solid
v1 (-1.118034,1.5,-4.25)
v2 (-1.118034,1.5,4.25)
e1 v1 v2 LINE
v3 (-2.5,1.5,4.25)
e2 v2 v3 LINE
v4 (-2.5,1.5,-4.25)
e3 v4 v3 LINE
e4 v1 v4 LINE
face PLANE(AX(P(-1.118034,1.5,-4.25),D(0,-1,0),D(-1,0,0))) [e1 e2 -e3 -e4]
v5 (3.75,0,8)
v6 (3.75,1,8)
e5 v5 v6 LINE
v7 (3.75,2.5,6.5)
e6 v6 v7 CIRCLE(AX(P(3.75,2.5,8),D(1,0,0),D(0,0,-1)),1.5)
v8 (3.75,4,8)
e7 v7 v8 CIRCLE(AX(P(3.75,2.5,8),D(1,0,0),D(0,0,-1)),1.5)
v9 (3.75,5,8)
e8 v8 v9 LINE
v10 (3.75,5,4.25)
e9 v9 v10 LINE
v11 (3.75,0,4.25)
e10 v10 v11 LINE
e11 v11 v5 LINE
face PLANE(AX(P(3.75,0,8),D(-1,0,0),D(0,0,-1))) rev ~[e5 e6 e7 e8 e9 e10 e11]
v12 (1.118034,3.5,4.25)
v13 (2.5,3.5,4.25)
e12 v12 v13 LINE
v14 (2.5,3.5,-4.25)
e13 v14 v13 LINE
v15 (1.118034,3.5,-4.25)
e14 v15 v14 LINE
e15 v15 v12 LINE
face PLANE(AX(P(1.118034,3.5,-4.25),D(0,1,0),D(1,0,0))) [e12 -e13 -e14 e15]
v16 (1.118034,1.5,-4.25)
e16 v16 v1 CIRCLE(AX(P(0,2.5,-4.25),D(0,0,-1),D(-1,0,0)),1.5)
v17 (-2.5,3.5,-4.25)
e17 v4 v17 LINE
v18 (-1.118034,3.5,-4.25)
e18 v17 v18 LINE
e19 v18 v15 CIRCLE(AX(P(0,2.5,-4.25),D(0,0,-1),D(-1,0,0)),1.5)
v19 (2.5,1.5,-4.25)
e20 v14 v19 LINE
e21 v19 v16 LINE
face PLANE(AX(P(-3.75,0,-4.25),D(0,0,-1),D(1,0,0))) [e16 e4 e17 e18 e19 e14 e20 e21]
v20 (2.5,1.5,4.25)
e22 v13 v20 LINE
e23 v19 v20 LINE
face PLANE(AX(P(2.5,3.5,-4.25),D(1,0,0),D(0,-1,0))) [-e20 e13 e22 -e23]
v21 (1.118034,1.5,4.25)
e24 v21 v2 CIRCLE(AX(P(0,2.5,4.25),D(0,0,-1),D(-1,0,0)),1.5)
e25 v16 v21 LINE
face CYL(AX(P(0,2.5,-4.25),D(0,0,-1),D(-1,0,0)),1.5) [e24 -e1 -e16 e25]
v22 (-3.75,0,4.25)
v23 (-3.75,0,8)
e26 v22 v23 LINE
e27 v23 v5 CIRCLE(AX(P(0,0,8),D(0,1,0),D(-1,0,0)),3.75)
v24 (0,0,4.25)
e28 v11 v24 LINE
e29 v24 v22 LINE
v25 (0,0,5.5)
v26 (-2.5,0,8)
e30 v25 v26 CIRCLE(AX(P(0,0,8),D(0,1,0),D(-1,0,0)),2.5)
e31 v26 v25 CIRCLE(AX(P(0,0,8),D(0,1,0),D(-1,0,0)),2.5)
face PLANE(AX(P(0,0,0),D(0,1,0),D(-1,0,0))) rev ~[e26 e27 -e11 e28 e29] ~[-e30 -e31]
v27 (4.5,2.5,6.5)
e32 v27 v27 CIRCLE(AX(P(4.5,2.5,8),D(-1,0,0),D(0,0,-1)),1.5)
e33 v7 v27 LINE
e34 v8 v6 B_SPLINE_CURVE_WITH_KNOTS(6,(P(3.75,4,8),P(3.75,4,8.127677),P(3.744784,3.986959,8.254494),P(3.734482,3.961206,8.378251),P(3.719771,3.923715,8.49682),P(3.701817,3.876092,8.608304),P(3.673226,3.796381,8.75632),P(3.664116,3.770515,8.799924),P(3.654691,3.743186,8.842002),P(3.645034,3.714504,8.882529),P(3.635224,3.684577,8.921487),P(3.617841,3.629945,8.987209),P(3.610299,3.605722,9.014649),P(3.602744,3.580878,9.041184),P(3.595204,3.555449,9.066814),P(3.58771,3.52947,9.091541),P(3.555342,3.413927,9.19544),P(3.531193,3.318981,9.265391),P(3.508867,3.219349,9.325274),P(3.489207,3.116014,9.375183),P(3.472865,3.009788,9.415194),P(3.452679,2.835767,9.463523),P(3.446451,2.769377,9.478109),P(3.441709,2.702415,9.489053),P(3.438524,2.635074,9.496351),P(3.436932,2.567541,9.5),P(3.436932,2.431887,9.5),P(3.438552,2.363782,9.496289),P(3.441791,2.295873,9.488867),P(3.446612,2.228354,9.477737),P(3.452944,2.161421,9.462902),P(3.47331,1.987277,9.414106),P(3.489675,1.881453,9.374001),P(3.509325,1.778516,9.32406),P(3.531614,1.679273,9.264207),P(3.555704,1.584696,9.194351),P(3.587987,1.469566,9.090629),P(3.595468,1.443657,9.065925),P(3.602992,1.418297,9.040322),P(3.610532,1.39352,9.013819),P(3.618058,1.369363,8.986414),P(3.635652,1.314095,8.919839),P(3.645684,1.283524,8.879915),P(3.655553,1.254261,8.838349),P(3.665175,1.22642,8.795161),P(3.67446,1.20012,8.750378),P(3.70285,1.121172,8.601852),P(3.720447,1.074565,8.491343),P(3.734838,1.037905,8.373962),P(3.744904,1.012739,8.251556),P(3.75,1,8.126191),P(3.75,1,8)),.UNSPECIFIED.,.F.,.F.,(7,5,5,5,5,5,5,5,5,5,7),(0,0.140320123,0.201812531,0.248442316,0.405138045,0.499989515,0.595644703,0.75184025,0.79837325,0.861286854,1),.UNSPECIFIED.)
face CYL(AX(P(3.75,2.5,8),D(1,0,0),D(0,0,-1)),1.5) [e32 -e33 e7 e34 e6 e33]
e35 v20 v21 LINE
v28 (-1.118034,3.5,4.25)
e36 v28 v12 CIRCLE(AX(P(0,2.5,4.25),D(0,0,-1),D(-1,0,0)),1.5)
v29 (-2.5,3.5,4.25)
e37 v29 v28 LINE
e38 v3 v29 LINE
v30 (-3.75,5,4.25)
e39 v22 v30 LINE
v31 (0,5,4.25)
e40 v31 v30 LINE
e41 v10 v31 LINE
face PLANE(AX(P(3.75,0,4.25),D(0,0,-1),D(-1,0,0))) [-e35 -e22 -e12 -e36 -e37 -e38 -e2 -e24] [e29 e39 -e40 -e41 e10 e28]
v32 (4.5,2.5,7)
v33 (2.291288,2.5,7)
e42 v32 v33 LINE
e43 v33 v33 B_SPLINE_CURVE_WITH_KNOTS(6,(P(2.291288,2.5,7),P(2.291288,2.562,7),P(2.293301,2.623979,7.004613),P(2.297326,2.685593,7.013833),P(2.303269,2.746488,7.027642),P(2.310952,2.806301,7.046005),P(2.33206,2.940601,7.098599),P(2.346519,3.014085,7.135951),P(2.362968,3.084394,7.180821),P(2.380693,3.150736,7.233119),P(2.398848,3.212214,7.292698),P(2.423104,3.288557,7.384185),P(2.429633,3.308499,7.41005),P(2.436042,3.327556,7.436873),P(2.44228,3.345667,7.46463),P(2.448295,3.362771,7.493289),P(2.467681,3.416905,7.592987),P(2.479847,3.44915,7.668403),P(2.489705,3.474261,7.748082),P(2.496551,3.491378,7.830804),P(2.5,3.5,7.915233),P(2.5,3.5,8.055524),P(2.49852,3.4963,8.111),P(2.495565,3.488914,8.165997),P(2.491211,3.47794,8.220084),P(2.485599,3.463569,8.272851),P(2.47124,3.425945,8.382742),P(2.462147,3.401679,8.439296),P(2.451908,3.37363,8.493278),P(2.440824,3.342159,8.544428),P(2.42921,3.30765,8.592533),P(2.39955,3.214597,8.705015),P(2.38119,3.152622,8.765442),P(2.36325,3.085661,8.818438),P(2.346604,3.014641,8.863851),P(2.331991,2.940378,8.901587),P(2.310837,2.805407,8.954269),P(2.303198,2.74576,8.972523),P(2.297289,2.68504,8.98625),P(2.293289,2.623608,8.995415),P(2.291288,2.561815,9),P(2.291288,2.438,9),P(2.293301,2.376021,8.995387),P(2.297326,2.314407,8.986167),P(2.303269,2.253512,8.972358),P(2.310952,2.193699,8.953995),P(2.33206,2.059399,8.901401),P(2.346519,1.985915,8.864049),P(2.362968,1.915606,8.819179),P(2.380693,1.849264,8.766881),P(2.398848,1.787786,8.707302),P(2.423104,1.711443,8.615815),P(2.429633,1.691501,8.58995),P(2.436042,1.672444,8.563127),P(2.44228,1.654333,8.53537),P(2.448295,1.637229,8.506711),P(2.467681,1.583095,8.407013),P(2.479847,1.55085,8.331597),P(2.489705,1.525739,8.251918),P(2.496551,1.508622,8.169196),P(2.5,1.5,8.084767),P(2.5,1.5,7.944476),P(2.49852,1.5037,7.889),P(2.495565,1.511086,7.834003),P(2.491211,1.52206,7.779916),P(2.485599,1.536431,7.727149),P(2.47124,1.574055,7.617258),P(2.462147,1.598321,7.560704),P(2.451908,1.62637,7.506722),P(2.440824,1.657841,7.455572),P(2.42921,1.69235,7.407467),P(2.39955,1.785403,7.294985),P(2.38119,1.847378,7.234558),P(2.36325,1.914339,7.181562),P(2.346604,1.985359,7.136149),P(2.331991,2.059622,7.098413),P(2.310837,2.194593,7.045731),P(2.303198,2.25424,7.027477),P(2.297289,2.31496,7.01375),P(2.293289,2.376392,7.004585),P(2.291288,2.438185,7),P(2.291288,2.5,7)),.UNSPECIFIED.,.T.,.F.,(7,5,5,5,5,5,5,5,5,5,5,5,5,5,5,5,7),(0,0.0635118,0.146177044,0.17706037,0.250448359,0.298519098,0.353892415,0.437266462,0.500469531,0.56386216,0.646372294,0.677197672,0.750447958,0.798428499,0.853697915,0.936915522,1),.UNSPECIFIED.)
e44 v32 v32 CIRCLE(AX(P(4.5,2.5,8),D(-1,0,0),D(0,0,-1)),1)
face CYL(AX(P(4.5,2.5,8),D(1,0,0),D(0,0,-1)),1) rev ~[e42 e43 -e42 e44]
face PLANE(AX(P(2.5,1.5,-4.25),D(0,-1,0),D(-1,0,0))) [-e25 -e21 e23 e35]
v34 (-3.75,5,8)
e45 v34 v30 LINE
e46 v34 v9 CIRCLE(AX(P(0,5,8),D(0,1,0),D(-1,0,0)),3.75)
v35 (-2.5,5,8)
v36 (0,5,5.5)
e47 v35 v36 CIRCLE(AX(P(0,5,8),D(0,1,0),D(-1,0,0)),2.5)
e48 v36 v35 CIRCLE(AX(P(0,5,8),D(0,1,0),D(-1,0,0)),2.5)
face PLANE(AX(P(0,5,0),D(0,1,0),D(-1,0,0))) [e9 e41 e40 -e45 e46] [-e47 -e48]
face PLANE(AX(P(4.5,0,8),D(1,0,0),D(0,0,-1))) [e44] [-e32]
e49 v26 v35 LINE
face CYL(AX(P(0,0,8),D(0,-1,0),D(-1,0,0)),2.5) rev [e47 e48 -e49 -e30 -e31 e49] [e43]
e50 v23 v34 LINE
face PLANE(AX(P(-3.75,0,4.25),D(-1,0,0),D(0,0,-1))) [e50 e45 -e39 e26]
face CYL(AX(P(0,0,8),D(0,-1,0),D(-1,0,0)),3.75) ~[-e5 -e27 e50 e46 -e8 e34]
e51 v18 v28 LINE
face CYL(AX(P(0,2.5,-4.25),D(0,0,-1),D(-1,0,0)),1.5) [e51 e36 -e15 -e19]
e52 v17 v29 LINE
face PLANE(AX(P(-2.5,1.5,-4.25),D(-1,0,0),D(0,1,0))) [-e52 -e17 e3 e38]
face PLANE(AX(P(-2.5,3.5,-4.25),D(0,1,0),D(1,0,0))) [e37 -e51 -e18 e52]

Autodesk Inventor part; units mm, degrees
ref_plane "YZ Plane" through (0, 0, 0) normal (1, 0, 0) x (0, 1, 0)
ref_plane "XZ Plane" through (0, 0, 0) normal (0, 1, 0) x (-1, 0, 0)
ref_plane "XY Plane" through (0, 0, 0) normal (0, 0, 1) x (1, 0, 0)
sketch "Sketch1" plane through (0, 0, 0) normal (0, 1, 0) x (-1, 0, 0)
  line L0 (0, 0) -> (0, -8)
  circle A0 centre (0, -8) radius 3
  line L1 (0, 0) -> (0, 8)
  circle A1 centre (0, 8) radius 2.5
  circle A2 centre (0, 8) radius 3.75
  circle A3 centre (0, -8) radius 3.75
  line L2 (3.75, 8) -> (3.75, -8)
  line L3 (-3.75, 8) -> (-3.75, -8)
  line L4 (3.75, 4.25) -> (-3.75, 4.25)
  line L5 (3.75, -4.25) -> (-3.75, -4.25)
  point P0 (-2.6582, -4.25)
  dimension "d0" = 8
  dimension "d1" = 6
  dimension "d2" = 8
  dimension "d3" = 5
  dimension "d4" = 7.5
  dimension "d5" = 7.5
  dimension "d6" = 8.5
extrude "Extrusion1" add sketch "Sketch1" along normal blind 5 contours L1 L4 L2 L5 L0 | L0 L5 L3 L4 L1 | L4 L3 A2 | A2 | A2 L2 L4
sketch "Sketch2" plane through (3.75, 0, -4.25) normal (0, 0, -1) x (-1, 0, 0)
  line L0 (0, 5) -> (7.5, 5) projected
  line L1 (0, 0) -> (7.5, 0)
  line L2 (7.5, 0) -> (7.5, 5)
  line L3 (7.5, 5) -> (0, 5)
  line L4 (0, 5) -> (0, 0)
  line L5 (0, 0) -> (7.5, 5) construction
  line L6 (7.5, 0) -> (0, 5) construction
  circle A0 centre (3.75, 2.5) radius 1.5
  line L7 (1.25, 1.5) -> (6.25, 1.5)
  line L8 (6.25, 1.5) -> (6.25, 3.5)
  line L9 (6.25, 3.5) -> (1.25, 3.5)
  line L10 (1.25, 3.5) -> (1.25, 1.5)
  line L11 (1.25, 1.5) -> (6.25, 3.5) construction
  line L12 (6.25, 1.5) -> (1.25, 3.5) construction
  point P0 (3.75, 0)
  point P1 (4.868, 1.5)
  point P2 (2.632, 1.5)
  point P3 (2.632, 3.5)
  point P4 (4.868, 3.5)
  dimension "d9" = 3
  dimension "d10" = 5
  dimension "d11" = 2
extrude "Extrusion2" cut sketch "Sketch2" against normal blind 8.5
sketch "Sketch3" plane through (3.75, 0, 8) normal (1, 0, 0) x (0, 0, -1)
  line L0 (0, 0) -> (0, 5) projected
  circle A0 centre (0, 2.5) radius 1.5
  point P0 (8, 0)
  dimension "d14" = 3
extrude "Extrusion3" add sketch "Sketch3" along normal mid plane 1.5
sketch "Sketch4" plane through (4.5, 2.5, 8) normal (1, 0, 0) x (0, 0, -1)
  line L0 (0, -2.5) -> (0, 2.5) projected
  circle A0 centre (0, 0) radius 1
  point P0 (8, -2.5)
  dimension "d17" = 2
extrude "Extrusion4" cut sketch "Sketch4" against normal blind 3.2625
properties part number "Link_InsideV3"
